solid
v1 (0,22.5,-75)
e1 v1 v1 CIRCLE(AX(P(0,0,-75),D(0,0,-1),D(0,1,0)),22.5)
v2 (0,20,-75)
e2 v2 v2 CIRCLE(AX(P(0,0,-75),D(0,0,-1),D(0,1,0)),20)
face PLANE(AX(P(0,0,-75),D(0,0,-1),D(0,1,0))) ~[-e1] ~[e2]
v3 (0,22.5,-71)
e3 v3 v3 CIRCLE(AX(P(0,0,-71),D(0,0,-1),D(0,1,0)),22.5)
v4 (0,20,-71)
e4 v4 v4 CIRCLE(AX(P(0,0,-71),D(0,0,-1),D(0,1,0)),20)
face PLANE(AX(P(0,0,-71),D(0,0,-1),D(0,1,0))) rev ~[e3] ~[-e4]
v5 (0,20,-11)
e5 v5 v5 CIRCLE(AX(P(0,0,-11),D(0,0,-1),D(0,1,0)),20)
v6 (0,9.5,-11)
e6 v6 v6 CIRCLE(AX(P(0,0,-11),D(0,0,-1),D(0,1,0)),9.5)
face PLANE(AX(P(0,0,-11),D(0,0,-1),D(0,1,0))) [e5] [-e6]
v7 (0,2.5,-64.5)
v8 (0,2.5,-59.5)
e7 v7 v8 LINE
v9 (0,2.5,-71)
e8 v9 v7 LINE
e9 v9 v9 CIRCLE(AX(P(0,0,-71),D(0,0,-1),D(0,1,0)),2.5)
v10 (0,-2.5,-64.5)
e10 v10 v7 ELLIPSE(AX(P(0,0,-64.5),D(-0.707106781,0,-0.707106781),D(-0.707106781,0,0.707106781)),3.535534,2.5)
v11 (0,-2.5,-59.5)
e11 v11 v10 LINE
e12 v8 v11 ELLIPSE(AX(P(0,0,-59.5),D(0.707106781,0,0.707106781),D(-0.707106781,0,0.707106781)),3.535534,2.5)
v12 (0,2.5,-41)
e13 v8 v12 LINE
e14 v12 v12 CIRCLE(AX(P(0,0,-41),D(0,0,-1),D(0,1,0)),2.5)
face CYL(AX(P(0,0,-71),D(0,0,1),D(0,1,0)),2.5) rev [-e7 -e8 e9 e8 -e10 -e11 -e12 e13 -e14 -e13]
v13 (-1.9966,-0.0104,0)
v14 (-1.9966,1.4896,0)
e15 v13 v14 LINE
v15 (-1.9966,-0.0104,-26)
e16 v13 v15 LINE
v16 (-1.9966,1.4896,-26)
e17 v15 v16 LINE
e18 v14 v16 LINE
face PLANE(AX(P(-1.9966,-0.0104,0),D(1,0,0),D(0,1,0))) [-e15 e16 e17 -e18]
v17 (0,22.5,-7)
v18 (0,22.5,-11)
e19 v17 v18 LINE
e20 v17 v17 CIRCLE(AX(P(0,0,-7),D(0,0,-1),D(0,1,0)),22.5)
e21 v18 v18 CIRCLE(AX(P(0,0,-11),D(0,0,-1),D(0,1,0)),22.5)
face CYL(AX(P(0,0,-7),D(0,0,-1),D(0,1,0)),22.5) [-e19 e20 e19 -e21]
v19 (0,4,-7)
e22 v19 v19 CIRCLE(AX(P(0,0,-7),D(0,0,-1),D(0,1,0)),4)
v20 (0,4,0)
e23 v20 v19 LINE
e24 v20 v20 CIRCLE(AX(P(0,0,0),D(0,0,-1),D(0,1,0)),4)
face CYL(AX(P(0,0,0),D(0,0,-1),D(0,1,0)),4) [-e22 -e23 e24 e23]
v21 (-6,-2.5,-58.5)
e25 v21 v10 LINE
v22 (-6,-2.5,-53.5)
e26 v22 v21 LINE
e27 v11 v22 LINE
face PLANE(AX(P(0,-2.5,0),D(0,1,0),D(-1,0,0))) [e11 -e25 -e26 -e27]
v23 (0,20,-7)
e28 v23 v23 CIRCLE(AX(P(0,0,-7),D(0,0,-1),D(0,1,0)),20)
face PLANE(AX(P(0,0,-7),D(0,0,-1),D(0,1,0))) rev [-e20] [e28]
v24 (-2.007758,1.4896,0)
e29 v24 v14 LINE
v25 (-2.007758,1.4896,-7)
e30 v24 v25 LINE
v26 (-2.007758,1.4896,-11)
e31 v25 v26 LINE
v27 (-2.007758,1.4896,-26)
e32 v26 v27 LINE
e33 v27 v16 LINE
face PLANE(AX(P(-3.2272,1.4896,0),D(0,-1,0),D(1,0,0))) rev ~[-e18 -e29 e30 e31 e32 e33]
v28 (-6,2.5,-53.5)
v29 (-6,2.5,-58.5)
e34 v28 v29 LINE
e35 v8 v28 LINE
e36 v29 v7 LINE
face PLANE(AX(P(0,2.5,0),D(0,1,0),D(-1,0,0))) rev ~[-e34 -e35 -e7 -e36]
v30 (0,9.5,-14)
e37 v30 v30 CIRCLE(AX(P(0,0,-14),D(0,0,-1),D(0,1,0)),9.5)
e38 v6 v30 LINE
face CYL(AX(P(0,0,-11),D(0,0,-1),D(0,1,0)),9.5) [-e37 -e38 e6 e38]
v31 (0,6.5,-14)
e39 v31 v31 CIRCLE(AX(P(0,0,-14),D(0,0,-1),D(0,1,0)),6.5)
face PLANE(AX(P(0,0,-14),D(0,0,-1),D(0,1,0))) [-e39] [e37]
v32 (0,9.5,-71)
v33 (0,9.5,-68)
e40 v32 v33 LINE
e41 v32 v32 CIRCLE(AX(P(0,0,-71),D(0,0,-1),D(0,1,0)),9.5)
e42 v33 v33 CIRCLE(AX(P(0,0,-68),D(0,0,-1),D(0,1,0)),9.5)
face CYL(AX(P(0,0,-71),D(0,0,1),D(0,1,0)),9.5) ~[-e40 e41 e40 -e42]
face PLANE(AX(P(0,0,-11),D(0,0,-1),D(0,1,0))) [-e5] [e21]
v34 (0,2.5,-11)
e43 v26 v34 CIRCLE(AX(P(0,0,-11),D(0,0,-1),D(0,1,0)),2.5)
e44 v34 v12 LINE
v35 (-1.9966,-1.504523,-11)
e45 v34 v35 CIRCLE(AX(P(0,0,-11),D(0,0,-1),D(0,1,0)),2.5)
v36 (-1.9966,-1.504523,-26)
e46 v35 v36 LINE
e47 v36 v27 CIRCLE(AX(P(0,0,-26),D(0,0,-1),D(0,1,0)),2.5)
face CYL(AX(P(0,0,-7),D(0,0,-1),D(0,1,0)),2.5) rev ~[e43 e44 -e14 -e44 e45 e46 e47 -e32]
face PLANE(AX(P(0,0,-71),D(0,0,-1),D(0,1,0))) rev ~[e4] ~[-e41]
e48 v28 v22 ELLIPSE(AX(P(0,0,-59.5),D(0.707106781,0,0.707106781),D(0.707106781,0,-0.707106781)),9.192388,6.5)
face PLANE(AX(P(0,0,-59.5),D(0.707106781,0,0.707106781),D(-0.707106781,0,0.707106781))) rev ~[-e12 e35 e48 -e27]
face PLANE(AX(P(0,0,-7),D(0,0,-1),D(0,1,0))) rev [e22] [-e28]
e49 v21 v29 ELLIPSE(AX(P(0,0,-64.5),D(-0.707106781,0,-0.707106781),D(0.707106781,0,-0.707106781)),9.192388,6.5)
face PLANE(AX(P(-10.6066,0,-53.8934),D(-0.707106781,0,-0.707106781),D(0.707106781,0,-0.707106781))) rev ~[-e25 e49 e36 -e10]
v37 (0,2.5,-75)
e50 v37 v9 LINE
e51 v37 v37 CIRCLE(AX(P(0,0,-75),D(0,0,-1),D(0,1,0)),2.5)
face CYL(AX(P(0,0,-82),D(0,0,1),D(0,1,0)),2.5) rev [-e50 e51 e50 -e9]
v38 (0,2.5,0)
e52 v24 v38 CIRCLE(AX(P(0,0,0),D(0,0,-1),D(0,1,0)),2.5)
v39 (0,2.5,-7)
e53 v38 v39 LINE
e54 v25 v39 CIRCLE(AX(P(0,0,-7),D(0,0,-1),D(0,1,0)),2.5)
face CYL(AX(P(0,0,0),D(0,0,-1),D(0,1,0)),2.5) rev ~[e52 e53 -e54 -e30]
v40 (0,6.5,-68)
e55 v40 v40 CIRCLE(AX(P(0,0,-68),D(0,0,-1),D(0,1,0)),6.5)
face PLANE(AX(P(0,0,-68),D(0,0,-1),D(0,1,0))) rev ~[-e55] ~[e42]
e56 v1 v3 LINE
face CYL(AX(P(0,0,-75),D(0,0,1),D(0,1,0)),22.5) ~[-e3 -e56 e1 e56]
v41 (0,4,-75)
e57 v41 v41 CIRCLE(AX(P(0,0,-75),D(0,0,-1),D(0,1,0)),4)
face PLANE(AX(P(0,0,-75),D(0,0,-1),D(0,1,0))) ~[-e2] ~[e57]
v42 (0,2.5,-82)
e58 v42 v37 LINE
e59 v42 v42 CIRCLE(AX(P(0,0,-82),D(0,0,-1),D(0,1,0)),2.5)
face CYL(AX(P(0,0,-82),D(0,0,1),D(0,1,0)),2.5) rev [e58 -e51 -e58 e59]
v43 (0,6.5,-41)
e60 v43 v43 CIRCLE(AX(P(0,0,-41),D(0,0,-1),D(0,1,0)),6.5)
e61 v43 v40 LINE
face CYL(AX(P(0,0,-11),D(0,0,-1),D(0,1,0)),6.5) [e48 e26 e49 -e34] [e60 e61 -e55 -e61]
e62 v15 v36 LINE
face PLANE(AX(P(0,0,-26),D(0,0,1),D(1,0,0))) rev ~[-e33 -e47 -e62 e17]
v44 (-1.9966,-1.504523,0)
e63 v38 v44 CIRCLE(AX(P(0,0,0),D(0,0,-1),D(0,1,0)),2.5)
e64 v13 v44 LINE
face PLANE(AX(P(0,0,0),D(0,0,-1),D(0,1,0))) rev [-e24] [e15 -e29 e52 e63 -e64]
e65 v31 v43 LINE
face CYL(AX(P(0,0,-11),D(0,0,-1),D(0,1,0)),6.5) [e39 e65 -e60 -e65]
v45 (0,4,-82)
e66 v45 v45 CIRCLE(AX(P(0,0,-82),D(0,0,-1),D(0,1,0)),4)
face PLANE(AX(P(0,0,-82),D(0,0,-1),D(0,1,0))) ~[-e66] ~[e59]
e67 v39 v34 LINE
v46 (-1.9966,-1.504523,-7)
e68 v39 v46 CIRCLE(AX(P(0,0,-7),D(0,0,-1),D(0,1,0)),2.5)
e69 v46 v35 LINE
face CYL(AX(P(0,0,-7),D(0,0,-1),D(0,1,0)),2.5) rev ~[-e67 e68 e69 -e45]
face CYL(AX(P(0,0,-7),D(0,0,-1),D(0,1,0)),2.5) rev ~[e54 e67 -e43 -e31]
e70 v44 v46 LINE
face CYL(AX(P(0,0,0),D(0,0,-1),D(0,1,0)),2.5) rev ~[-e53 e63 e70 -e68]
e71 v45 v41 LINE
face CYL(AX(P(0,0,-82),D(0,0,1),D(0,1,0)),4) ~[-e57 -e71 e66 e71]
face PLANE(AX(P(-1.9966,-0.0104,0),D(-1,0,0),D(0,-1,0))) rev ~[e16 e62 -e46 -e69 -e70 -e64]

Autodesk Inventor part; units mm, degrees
ref_plane "YZ Plane" through (0, 0, 0) normal (1, 0, 0) x (0, 1, 0)
ref_plane "XZ Plane" through (0, 0, 0) normal (0, 1, 0) x (-1, 0, 0)
ref_plane "XY Plane" through (0, 0, 0) normal (0, 0, 1) x (1, 0, 0)
sketch "Sketch1" plane through (0, 0, 0) normal (1, 0, 0) x (0, 1, 0)
  line L0 (0, 0) -> (2.5, 0)
  line L1 (0, 0) -> (4, 0)
  line L2 (2.5, 0) -> (2.5, -7)
  line L3 (2.5, -7) -> (0, -7)
  line L4 (0, -7) -> (20, -7)
  line L5 (4, 0) -> (4, -7)
  line L6 (2.5, -7) -> (2.5, -41)
  line L7 (20, -7) -> (20, -11)
  line L8 (20, -11) -> (2.5, -11)
  line L9 (20, -7) -> (22.5, -7)
  line L10 (22.5, -7) -> (22.5, -11)
  line L11 (22.5, -11) -> (20, -11)
  line L12 (20, -11) -> (20, -7)
  line L13 (20, -7) -> (20, -11)
  line L14 (4, 0) -> (2.5, 0)
  line L15 (2.5, 0) -> (2.5, -11)
  line L16 (2.5, -11) -> (4, -11)
  line L17 (4, -11) -> (4, 0)
  line L18 (2.5, -11) -> (22.5, -11)
  line L19 (22.5, -11) -> (22.5, -7)
  line L20 (22.5, -7) -> (2.5, -7)
  line L21 (2.5, -7) -> (2.5, -11)
  line L22 (2.5, -11) -> (6.5, -11)
  line L23 (0, -7) -> (0, -105.9451)
  line L24 (2.5, -41) -> (25, -41)
  line L25 (0, -82) -> (2.5, -82)
  line L26 (0, -82) -> (4, -82)
  line L27 (2.5, -82) -> (2.5, -75)
  line L28 (2.5, -75) -> (0, -75)
  line L29 (0, -75) -> (20, -75)
  line L30 (4, -82) -> (4, -75)
  line L31 (20, -75) -> (20, -71)
  line L32 (20, -71) -> (2.5, -71)
  line L33 (20, -75) -> (22.5, -75)
  line L34 (22.5, -75) -> (22.5, -71)
  line L35 (22.5, -71) -> (20, -71)
  line L36 (20, -71) -> (20, -75)
  line L37 (20, -75) -> (20, -71)
  line L38 (4, -82) -> (2.5, -82)
  line L39 (2.5, -82) -> (2.5, -71)
  line L40 (2.5, -71) -> (4, -71)
  line L41 (4, -71) -> (4, -82)
  line L42 (2.5, -71) -> (22.5, -71)
  line L43 (22.5, -71) -> (22.5, -75)
  line L44 (22.5, -75) -> (2.5, -75)
  line L45 (2.5, -75) -> (2.5, -71)
  line L46 (2.5, -71) -> (6.5, -71)
  line L47 (2.5, -11) -> (6.5, -11)
  line L48 (6.5, -11) -> (6.5, -71)
  line L49 (6.5, -71) -> (2.5, -71)
  line L50 (2.5, -71) -> (2.5, -11)
  line L51 (6.5, -11) -> (9.5, -11)
  line L52 (9.5, -11) -> (9.5, -14)
  line L53 (9.5, -14) -> (6.5, -14)
  line L54 (6.5, -14) -> (6.5, -11)
  line L55 (6.5, -71) -> (9.5, -71)
  line L56 (9.5, -71) -> (9.5, -68)
  line L57 (9.5, -68) -> (6.5, -68)
  line L58 (6.5, -68) -> (6.5, -71)
  dimension "d1" = 2.5
  dimension "d2" = 4
  dimension "d3" = 7
  dimension "d4" = 20
  dimension "d5" = 34
  dimension "d9" = 4
  dimension "d12" = 2.5
  dimension "d13" = 4
  dimension "d55" = 22.5
  dimension "d56" = 4
  dimension "d80" = 3
  dimension "d81" = 3
  dimension "d82" = 3
  dimension "d83" = 3
revolve "Revolution2" add sketch "Sketch1" angle 360 about axis through (0, 0, -7) along (0, 0, -1) contours L1 L5 L4 L2 | L4 L17 L8 L6 | L4 L7 L8 L17 | L8 L48 L24 L6 | L9 L10 L11 L7 | L24 L48 L32 L50 | L8 L52 L53 L48 | L29 L30 L26 L27 | L39 L32 L41 L29 | L41 L32 L31 L29 | L57 L56 L32 L48 | L31 L35 L34 L33
sketch "Sketch6" plane through (0, 0, 0) normal (0, 1, 0) x (-1, 0, 0)
  line L0 (-2.5, -82) -> (2.5, -82) projected
  line L1 (0, -82) -> (0, -62)
  line L2 (0, -82) -> (20, -82) construction
  line L3 (0, -65) -> (15, -65) construction
  line L4 (0, -59) -> (15, -59) construction
  line L5 (10.6066, -48.3934) -> (10.6066, -54.3934)
  line L6 (0, -65) -> (0, -59)
  line L7 (0, -62) -> (0, -59.5)
  line L8 (0, -59.5) -> (10.6066, -48.8934)
  line L9 (10.6066, -48.8934) -> (10.6066, -53.8934)
  line L10 (10.6066, -53.8934) -> (0, -64.5)
  line L11 (0, -59.5) -> (0, -64.5)
  point P0 (0, 0)
  dimension "d64" = 20
  dimension "d65" = 90
  dimension "d69" = 15
  dimension "d71" = 15
  dimension "d75" = 2.5
  dimension "d76" = 5
extrude "Extrusion6" cut sketch "Sketch6" along normal mid plane 5
sketch "Sketch7" plane through (0, 0, 0) normal (0, 0, 1) x (1, 0, 0)
  arc A0 (-1.9966, -1.5104) -> (-1.9966, 1.4896) centre (0.0034, -0.0104) ccw
  line L0 (-1.9966, -0.0104) -> (-1.9966, 1.4896)
  line L1 (-1.9966, -0.0104) -> (-1.9966, -1.5104)
  line L2 (-1.9966, 1.4896) -> (-1.9966, -2.007)
  line L3 (-1.9966, -2.007) -> (-3.9862, -2.007)
  line L4 (-3.9862, -2.007) -> (-3.9862, 1.4896)
  line L5 (-3.9862, 1.4896) -> (-1.9966, 1.4896)
  line L6 (-1.9966, -1.5104) -> (-3.2272, -1.5104)
  line L7 (-3.2272, -1.5104) -> (-3.2272, 1.4896)
  line L8 (-3.2272, 1.4896) -> (-1.9966, 1.4896)
  line L9 (-1.9966, 1.4896) -> (-1.9966, -1.5104)
  point P0 (0, 0)
  point P1 (0, 0)
  dimension "d77" = 5
extrude "Extrusion7" add sketch "Sketch7" against normal blind 26 contours L6 L7 L5 L0 L1
properties part number "Spool_revB"
